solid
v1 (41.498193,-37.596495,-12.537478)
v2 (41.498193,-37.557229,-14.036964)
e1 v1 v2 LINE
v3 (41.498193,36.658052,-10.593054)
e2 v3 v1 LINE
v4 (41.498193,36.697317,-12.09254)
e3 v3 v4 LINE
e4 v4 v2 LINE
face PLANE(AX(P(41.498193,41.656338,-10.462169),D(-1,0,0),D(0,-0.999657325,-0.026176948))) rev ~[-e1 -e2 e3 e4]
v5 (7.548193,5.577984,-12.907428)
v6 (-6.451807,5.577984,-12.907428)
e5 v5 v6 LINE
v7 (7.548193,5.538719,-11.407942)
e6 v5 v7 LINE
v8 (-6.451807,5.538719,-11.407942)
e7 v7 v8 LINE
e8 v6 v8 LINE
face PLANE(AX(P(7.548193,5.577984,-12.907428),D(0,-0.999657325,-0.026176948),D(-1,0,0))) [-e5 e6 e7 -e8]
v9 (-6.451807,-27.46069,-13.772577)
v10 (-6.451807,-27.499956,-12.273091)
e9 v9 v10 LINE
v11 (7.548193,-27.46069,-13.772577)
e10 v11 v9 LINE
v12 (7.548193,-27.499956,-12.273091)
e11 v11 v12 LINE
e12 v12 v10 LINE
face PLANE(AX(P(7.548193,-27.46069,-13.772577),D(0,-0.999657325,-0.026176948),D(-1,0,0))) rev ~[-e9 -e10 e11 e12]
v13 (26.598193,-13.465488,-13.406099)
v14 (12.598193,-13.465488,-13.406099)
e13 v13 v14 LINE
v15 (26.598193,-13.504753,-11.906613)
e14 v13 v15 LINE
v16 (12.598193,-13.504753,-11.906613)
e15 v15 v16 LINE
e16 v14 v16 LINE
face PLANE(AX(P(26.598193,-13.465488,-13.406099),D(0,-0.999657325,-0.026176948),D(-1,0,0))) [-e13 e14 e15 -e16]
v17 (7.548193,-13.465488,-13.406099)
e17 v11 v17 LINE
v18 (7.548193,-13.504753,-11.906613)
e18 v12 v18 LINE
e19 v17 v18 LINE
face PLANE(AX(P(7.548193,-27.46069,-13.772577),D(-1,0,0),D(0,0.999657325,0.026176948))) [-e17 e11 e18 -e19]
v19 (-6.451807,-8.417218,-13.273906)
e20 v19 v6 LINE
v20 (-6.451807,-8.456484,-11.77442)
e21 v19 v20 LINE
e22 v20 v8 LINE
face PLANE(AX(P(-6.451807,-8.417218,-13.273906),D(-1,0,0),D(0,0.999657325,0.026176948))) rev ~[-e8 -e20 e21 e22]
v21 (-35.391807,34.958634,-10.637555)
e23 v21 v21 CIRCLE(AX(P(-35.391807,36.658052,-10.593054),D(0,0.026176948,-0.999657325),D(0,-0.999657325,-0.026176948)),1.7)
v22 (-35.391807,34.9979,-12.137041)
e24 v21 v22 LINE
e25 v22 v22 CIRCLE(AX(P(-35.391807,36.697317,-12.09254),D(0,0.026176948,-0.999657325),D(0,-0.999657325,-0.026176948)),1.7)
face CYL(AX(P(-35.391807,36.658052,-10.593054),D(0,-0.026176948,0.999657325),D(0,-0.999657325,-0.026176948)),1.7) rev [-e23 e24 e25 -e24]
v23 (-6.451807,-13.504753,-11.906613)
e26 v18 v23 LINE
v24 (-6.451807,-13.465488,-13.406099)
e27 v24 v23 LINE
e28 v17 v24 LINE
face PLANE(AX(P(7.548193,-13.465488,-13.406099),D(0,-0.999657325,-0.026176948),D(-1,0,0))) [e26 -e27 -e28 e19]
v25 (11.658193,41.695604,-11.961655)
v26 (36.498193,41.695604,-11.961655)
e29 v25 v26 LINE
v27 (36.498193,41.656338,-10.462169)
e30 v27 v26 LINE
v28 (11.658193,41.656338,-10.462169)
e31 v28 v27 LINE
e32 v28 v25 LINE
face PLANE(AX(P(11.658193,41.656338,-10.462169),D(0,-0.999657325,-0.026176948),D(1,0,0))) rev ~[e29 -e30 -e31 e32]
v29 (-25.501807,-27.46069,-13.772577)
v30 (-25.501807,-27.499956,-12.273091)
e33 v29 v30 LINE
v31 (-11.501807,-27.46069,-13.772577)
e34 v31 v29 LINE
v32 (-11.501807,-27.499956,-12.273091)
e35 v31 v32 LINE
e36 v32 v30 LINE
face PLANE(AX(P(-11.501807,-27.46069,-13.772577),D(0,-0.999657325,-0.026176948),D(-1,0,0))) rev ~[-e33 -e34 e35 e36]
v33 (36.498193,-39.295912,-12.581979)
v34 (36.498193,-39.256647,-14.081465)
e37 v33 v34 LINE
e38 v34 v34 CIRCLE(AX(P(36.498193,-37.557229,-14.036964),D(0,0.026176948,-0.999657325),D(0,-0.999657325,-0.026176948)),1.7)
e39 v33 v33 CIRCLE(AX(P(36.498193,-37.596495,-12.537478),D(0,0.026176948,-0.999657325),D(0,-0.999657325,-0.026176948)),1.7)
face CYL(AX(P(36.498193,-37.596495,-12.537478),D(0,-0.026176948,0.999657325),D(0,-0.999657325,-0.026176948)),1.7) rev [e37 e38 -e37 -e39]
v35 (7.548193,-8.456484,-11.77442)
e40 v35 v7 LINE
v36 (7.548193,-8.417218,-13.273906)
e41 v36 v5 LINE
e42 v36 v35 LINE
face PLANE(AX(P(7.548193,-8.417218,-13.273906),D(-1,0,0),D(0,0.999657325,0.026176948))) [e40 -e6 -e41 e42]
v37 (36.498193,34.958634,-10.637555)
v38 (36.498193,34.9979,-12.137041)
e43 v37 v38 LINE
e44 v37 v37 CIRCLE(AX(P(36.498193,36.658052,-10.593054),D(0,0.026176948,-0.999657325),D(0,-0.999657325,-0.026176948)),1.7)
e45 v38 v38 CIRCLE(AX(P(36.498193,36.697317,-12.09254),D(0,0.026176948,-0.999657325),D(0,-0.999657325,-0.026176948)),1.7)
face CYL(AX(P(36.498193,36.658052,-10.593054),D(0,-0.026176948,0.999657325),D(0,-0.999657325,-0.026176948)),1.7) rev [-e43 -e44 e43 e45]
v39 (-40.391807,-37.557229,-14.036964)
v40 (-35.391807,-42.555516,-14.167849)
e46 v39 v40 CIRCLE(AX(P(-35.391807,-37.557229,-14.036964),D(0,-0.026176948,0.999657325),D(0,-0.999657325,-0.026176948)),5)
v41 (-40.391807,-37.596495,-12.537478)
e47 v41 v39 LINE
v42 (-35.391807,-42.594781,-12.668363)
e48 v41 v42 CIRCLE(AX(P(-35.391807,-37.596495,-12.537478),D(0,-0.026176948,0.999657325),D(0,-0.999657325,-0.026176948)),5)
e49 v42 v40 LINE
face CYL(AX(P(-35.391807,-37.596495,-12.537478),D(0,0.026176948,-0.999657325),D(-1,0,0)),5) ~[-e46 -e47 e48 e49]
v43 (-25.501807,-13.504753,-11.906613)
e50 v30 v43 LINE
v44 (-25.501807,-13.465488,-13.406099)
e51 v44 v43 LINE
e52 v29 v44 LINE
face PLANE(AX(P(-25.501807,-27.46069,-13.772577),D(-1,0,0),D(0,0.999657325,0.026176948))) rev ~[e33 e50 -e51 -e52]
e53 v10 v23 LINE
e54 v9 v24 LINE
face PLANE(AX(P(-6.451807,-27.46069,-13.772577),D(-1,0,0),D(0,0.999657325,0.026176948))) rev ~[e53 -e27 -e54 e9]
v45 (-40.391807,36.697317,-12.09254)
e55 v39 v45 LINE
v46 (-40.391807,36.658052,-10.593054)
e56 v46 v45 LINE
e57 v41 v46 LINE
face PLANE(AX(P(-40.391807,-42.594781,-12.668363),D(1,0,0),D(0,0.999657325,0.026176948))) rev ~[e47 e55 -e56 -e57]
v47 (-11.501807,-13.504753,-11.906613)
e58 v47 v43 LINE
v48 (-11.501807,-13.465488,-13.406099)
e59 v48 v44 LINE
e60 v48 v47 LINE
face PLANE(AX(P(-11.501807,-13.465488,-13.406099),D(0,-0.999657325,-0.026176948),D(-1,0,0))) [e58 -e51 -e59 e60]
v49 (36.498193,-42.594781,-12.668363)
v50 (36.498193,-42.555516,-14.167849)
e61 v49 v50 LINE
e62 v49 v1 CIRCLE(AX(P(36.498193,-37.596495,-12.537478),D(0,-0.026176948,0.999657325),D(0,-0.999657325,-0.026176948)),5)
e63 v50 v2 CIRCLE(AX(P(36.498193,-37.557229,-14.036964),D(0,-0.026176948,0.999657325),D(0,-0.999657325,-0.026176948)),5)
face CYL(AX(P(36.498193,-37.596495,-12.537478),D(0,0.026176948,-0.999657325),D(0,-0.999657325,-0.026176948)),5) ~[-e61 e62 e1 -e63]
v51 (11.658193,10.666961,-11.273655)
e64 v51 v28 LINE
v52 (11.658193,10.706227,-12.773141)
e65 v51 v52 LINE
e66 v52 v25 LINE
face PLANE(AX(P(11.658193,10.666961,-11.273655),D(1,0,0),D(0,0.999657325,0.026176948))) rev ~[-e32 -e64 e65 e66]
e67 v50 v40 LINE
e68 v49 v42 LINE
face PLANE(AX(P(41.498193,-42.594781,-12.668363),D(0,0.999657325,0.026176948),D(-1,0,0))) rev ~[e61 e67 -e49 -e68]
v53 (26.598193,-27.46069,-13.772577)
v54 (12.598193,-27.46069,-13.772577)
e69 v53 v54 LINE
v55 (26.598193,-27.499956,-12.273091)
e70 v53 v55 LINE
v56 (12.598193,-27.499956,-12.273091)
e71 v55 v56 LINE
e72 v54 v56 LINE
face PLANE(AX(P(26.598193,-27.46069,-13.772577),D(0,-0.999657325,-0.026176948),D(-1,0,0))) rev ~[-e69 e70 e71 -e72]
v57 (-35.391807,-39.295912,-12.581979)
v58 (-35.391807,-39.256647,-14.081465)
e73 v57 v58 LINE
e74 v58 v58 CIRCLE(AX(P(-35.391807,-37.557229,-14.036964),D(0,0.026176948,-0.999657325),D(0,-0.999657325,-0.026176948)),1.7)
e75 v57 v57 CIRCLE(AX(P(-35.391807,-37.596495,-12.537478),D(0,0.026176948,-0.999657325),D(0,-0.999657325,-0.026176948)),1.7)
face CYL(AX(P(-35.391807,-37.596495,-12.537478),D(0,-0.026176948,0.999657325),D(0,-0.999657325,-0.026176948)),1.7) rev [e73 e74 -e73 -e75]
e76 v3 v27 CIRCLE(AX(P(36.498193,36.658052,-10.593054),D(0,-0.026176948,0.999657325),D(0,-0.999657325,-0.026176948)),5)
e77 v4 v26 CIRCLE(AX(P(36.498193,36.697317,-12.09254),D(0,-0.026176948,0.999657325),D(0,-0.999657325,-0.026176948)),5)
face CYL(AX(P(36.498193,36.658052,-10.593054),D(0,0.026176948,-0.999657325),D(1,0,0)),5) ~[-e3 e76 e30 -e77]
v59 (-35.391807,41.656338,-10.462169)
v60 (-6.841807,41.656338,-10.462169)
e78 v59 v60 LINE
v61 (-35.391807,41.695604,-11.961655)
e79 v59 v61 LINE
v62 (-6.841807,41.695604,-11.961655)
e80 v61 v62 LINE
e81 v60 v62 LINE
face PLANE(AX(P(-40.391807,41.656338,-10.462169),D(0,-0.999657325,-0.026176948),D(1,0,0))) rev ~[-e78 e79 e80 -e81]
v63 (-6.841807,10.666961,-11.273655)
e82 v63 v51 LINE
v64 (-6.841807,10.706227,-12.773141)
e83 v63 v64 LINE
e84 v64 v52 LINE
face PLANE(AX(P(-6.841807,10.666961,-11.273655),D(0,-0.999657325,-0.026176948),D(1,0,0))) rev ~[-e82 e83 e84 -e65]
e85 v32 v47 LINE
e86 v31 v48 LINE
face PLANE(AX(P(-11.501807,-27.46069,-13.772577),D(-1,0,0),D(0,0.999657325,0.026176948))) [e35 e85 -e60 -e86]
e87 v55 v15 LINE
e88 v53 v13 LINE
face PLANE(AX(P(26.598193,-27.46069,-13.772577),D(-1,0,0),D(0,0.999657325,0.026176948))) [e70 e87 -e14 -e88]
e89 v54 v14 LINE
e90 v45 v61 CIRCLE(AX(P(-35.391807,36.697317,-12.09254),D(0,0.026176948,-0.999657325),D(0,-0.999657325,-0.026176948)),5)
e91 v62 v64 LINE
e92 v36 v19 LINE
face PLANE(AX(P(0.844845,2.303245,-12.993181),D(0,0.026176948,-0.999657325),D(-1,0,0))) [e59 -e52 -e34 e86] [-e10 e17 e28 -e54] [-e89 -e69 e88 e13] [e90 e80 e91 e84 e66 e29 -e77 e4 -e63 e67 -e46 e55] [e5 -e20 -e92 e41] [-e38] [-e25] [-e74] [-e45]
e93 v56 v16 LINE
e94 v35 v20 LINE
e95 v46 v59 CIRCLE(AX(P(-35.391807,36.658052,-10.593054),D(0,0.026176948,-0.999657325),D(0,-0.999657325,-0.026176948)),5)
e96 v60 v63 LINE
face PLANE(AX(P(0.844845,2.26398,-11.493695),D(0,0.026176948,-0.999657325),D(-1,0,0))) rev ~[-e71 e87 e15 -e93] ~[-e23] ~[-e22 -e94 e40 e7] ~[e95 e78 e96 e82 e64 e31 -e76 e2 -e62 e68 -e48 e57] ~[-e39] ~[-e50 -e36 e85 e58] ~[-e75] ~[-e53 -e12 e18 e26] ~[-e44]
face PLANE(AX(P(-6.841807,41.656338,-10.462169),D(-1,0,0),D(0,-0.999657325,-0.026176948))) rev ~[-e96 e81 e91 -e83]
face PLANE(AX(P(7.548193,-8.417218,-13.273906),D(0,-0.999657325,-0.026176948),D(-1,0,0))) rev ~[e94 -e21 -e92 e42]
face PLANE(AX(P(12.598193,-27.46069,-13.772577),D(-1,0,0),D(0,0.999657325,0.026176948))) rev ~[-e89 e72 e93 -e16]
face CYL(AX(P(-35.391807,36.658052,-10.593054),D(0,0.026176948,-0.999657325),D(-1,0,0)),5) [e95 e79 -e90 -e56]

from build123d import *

# Parameters (mm, degrees)
SKETCH2_R             = 1.7
BOSS_EXTRUDE3_DEPTH   = 1.5
FILLET4_R             = 5
BODY_MOVE_COPY1_ANGLE = 91.5
BODY_MOVE_COPY2_ANGLE = 180
SKETCH3_W             = 14
SKETCH3_H             = 14
CUT_EXTRUDE6_DEPTH    = 10


with BuildPart() as part:
    # Sketch2 → Boss-Extrude3 (new body)
    with BuildSketch(Plane(origin=(0, 0, 0), x_dir=(1, 0, 0), z_dir=(0, 1, 0))):
        Polygon((41.198193182, -31.056403409), (41.198193182, 53.223596591), (7.648193182, 53.223596591), (7.648193182, 22.223596591), (-10.851806818, 22.223596591), (-10.851806818, 53.223596591), (-40.691806818, 53.223596591), (-40.691806818, -31.056403409), align=None)
        with Locations((-35.691806818, -26.056403409)):
            Circle(SKETCH2_R, mode=Mode.SUBTRACT)
        with Locations((36.198193182, -26.056403409)):
            Circle(SKETCH2_R, mode=Mode.SUBTRACT)
        with Locations((-35.691806818, 48.223596591)):
            Circle(SKETCH2_R, mode=Mode.SUBTRACT)
        with Locations((36.198193182, 48.223596591)):
            Circle(SKETCH2_R, mode=Mode.SUBTRACT)
    extrude(amount=BOSS_EXTRUDE3_DEPTH)

    # Fillet4
    fillet4_edges = [part.edges().sort_by_distance(p)[0] for p in [
        (-40.691806818, 0.75, 31.056403409),
        (41.198193182, 0.75, 31.056403409),
        (41.198193182, 0.75, -53.223596591),
        (-40.691806818, 0.75, -53.223596591),
    ]]
    fillet(fillet4_edges, radius=FILLET4_R)


with BuildPart() as part_1:
    # Body-Move/Copy1: moved
    add(part.part.rotate(Axis((0, 0.75, -12.283596591), (-1, 0, 0)), BODY_MOVE_COPY1_ANGLE))


with BuildPart() as part_2:
    # Body-Move/Copy2: moved
    add(part_1.part.rotate(Axis((0.403193182, 0.75, 0), (0, 0, 1)), BODY_MOVE_COPY2_ANGLE))

    # Sketch3 → Cut-Extrude6 (cut)
    with BuildSketch(Plane(origin=(0, 0.341583523, -13.044548447), x_dir=(-1, 0, 0), z_dir=(-2.1436792936287095e-13, 0.026176948305881326, -0.9996573249756094))):
        with Locations((-19.598193182, -20.81180408)):
            Rectangle(SKETCH3_W, SKETCH3_H)
        with Locations((-0.548193182, -20.81180408)):
            Rectangle(SKETCH3_W, SKETCH3_H)
        with Locations((18.501806818, -20.81180408)):
            Rectangle(SKETCH3_W, SKETCH3_H)
        with Locations((-0.548193182, -1.76180408)):
            Rectangle(SKETCH3_W, SKETCH3_H)
    extrude(amount=-CUT_EXTRUDE6_DEPTH, mode=Mode.SUBTRACT)


solid = part_2.part
